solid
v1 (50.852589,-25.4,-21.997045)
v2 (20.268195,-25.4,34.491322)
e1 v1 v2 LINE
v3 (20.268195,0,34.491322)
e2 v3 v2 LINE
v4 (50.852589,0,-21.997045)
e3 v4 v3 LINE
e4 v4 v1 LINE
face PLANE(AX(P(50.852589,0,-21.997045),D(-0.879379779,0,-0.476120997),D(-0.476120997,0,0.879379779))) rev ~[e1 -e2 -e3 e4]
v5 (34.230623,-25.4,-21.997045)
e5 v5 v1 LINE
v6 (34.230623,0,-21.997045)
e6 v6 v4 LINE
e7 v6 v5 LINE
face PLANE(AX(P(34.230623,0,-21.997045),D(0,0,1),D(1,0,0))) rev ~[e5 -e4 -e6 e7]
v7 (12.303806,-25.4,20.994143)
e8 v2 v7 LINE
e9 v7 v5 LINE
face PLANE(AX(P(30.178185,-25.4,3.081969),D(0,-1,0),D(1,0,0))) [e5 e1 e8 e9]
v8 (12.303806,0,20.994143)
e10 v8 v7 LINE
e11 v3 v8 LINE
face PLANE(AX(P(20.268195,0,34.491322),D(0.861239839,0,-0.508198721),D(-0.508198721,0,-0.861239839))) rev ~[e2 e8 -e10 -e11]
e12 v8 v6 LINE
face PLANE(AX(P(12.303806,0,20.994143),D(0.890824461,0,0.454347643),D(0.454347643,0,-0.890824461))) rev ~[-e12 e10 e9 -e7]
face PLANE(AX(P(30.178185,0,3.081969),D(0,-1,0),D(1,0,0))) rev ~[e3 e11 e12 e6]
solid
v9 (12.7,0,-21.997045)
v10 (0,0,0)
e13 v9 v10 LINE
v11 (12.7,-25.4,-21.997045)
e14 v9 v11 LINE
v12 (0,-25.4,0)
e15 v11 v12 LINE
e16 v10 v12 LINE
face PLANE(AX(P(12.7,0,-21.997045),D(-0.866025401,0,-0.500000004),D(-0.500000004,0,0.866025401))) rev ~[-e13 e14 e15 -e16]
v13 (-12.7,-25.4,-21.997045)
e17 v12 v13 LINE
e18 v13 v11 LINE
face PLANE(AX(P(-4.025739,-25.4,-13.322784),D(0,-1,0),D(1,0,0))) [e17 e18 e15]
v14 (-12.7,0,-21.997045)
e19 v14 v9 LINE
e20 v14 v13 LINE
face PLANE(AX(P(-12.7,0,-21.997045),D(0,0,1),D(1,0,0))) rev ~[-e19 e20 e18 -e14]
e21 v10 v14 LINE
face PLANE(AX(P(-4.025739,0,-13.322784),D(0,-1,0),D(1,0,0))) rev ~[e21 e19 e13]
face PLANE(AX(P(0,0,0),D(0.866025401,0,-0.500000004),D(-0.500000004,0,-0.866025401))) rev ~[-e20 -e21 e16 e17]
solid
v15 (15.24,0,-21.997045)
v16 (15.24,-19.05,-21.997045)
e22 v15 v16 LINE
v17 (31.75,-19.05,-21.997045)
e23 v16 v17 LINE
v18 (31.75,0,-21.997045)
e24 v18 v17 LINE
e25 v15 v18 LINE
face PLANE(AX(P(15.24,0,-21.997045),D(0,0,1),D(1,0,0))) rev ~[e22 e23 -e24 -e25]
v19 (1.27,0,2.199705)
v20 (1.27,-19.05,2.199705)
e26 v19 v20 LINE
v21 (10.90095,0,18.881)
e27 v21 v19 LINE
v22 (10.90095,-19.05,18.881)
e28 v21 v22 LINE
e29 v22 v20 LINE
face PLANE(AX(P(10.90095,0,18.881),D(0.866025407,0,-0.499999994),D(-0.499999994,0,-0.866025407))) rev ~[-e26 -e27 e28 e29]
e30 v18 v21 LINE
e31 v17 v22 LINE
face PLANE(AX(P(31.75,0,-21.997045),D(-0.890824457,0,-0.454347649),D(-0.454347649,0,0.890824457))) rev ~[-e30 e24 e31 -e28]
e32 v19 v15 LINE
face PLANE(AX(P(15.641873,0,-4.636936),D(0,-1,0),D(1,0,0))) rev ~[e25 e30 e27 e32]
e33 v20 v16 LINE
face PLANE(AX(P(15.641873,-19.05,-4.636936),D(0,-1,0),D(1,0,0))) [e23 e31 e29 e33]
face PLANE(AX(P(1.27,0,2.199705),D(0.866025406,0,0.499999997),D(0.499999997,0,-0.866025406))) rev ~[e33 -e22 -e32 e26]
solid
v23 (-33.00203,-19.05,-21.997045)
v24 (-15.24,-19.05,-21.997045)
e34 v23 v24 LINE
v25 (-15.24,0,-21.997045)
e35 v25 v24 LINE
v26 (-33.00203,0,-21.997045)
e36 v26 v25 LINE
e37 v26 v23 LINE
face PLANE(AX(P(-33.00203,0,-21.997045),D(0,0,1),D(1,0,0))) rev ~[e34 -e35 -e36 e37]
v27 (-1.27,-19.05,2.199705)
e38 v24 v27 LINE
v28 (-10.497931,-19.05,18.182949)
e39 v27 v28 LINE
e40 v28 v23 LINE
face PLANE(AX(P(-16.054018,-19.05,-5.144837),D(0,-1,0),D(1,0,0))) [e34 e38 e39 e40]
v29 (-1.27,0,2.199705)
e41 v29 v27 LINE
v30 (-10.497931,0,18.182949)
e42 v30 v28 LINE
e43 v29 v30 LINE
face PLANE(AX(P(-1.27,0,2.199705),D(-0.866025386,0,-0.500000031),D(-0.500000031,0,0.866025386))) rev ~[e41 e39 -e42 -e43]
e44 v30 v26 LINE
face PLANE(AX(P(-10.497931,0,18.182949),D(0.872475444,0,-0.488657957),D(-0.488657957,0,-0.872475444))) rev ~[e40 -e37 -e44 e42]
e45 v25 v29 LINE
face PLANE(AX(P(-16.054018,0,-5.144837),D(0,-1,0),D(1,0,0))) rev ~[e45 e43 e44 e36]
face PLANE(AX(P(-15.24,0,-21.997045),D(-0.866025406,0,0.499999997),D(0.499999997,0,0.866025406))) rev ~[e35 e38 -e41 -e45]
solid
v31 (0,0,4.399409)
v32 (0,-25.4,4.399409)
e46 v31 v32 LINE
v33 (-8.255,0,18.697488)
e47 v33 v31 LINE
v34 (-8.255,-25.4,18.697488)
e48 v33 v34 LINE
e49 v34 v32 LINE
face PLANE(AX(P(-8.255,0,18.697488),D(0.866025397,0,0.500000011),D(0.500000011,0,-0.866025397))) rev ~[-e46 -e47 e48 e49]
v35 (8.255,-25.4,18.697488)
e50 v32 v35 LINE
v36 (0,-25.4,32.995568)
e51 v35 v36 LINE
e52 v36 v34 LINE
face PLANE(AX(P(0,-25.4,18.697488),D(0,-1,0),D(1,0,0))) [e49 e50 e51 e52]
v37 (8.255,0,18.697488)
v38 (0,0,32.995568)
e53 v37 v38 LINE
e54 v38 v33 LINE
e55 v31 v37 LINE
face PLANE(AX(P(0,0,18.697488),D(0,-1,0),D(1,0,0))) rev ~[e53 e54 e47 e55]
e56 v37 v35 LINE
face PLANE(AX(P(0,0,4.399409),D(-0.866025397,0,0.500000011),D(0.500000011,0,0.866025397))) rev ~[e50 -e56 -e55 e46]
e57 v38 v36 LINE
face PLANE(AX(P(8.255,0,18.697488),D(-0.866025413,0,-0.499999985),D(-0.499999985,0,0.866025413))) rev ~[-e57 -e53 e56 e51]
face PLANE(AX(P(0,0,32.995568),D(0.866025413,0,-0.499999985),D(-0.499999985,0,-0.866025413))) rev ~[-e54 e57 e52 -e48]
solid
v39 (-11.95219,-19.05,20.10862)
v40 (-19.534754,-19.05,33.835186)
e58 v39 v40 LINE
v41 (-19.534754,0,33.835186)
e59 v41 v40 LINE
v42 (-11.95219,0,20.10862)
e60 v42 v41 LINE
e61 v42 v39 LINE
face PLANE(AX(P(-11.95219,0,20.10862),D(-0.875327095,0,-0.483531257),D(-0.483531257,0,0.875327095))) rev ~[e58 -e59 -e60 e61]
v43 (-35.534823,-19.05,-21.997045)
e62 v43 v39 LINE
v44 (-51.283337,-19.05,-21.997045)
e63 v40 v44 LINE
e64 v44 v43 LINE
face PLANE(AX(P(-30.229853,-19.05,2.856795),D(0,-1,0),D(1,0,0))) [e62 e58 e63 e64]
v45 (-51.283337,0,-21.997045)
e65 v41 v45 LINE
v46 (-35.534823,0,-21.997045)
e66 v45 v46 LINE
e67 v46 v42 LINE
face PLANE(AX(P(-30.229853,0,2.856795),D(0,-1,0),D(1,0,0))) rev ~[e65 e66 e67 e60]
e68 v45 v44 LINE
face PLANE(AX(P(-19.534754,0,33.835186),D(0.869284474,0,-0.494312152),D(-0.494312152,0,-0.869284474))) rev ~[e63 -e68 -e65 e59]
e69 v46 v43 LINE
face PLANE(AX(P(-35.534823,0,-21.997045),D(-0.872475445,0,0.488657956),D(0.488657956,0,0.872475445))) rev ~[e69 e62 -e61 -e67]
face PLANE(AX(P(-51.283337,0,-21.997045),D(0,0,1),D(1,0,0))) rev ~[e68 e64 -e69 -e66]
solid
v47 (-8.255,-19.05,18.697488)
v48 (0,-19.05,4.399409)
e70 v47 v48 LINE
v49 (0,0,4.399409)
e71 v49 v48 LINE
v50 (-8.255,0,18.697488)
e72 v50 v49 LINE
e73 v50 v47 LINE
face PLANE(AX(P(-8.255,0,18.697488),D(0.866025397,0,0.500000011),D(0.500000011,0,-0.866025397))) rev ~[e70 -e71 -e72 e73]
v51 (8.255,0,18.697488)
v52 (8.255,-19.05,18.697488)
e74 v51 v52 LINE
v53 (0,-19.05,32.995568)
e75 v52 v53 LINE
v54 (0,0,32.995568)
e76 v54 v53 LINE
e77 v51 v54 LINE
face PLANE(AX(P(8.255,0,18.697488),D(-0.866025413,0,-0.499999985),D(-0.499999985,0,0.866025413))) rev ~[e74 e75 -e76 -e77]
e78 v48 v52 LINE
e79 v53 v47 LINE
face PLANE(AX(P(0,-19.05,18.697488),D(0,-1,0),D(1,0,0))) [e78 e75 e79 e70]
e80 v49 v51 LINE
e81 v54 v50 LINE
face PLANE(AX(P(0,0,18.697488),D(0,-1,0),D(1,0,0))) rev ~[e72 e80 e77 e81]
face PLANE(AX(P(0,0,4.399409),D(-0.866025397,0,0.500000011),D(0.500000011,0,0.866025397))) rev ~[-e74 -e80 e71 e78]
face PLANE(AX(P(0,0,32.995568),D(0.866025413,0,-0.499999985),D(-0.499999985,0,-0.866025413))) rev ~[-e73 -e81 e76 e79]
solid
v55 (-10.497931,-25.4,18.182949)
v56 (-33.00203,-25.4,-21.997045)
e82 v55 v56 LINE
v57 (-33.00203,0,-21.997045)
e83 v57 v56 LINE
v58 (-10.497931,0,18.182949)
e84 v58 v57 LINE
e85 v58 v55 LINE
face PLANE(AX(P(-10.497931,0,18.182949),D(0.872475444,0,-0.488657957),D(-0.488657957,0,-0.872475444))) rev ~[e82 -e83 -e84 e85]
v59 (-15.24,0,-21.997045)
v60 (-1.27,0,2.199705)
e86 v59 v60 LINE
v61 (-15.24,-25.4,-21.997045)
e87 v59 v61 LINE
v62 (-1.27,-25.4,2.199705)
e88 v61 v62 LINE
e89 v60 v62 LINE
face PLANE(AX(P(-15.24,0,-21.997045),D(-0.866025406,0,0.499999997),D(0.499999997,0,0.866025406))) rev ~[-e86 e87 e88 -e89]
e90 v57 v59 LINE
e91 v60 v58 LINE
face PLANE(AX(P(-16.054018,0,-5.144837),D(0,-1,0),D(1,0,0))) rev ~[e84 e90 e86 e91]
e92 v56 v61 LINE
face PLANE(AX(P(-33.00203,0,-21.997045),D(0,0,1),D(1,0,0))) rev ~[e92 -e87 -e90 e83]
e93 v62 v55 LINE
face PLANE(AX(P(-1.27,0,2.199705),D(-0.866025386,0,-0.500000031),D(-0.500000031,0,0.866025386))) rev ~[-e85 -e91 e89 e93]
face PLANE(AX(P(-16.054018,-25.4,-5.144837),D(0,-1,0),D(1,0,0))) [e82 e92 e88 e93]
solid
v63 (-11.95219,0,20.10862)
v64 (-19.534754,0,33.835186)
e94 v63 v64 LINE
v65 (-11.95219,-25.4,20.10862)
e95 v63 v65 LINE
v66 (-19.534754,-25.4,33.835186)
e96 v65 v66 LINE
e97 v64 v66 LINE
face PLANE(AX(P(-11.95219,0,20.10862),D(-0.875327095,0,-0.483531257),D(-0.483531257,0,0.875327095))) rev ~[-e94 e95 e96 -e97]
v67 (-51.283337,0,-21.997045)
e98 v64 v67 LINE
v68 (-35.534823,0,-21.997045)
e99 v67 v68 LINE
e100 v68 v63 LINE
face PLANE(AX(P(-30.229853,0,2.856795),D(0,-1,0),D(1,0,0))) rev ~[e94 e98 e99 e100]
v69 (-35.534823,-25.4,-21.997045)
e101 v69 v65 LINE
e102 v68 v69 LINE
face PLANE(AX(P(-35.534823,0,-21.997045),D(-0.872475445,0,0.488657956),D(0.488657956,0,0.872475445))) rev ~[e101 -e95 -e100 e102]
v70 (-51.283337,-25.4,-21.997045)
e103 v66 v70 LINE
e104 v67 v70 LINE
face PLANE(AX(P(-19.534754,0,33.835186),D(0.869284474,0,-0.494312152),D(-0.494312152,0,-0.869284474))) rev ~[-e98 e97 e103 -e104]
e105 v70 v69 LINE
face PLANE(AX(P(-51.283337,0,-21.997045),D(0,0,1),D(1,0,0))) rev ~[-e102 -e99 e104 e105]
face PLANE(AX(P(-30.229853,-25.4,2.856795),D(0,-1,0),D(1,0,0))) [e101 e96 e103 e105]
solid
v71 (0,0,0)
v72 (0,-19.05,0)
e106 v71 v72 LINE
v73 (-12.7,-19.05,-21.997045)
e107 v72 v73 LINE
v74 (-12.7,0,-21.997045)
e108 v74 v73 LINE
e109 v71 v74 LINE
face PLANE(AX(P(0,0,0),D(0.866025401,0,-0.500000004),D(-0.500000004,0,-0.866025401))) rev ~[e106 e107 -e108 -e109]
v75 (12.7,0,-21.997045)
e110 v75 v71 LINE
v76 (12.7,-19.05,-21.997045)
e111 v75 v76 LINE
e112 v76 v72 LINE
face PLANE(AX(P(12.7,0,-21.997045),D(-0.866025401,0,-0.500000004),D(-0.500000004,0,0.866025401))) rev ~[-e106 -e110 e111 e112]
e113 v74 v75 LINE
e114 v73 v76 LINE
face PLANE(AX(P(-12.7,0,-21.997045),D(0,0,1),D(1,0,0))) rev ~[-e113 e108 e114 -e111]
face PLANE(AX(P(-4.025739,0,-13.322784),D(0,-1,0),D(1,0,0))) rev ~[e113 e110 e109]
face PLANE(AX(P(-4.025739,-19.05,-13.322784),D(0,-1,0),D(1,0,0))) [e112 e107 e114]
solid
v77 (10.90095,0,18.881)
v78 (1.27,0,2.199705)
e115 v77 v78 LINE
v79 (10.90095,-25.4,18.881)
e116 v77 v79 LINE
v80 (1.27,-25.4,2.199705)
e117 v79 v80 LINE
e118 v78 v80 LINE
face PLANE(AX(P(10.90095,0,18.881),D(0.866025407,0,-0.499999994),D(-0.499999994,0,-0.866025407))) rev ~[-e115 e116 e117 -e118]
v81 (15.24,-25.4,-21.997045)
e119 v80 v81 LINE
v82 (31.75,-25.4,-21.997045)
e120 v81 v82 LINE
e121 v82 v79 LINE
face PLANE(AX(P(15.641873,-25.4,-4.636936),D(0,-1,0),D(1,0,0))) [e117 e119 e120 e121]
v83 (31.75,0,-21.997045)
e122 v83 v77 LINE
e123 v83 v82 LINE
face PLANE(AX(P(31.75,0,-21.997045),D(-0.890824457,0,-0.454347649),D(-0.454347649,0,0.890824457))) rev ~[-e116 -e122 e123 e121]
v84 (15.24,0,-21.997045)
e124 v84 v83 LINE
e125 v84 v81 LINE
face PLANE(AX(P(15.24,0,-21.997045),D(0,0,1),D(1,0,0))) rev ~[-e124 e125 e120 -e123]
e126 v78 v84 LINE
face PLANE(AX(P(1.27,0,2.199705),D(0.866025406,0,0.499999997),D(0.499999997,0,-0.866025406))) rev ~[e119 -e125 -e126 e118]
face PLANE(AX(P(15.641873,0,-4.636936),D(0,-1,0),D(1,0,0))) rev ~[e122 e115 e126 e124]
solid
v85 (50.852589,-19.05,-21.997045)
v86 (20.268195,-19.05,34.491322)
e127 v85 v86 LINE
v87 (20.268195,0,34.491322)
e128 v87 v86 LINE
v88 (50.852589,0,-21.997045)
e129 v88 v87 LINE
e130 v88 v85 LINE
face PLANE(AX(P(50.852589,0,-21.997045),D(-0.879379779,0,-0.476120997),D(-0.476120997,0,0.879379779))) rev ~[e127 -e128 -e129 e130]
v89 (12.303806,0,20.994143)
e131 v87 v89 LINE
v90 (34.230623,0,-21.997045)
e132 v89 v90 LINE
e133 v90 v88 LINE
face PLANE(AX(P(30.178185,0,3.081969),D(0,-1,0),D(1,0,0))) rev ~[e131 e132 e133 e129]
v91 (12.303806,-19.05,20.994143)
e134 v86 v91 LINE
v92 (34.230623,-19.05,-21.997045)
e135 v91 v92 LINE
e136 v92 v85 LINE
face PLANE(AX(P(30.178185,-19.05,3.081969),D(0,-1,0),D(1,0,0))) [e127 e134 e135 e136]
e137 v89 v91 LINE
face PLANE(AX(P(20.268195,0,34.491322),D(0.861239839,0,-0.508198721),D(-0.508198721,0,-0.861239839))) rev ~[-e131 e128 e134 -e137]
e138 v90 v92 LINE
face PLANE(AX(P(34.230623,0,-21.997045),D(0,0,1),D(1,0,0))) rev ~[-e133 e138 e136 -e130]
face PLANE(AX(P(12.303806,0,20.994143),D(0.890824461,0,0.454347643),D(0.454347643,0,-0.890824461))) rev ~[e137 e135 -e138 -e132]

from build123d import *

# Parameters (mm, degrees)
F1_DEPTH = 19.05
F2_DEPTH = 25.4


with BuildPart() as f1:
    # F0 (on Front) → F1 (new body)
    with BuildSketch(Plane.XZ):
        Polygon((0, -21.997045), (0, 0), (-12.7, -21.997045), align=None)
        Polygon((12.7, -21.997045), (0, 0), (0, -21.997045), align=None)
        Polygon((-11.95219, 20.10862), (-19.534754, 33.835186), (-51.283337, -21.997045), (-35.534823, -21.997045), align=None)
        Polygon((15.24, -21.997045), (31.75, -21.997045), (10.90095, 18.881), (1.27, 2.199705), align=None)
        Polygon((50.852589, -21.997045), (20.268195, 34.491322), (12.303806, 20.994143), (34.230623, -21.997045), align=None)
        Polygon((-15.24, -21.997045), (-1.27, 2.199705), (-10.497931, 18.182949), (-33.00203, -21.997045), align=None)
        Polygon((8.255, 18.697488), (0, 32.995568), (-8.255, 18.697488), (0, 4.399409), align=None)
    extrude(amount=F1_DEPTH)


with BuildPart() as f2:
    # F0 (on Front) → F2 (new body)
    with BuildSketch(Plane.XZ):
        Polygon((0, -21.997045), (0, 0), (-12.7, -21.997045), align=None)
        Polygon((12.7, -21.997045), (0, 0), (0, -21.997045), align=None)
        Polygon((-11.95219, 20.10862), (-19.534754, 33.835186), (-51.283337, -21.997045), (-35.534823, -21.997045), align=None)
        Polygon((15.24, -21.997045), (31.75, -21.997045), (10.90095, 18.881), (1.27, 2.199705), align=None)
        Polygon((50.852589, -21.997045), (20.268195, 34.491322), (12.303806, 20.994143), (34.230623, -21.997045), align=None)
        Polygon((-15.24, -21.997045), (-1.27, 2.199705), (-10.497931, 18.182949), (-33.00203, -21.997045), align=None)
        Polygon((8.255, 18.697488), (0, 32.995568), (-8.255, 18.697488), (0, 4.399409), align=None)
    extrude(amount=F2_DEPTH)


solid = Compound([f1.part, f2.part])
